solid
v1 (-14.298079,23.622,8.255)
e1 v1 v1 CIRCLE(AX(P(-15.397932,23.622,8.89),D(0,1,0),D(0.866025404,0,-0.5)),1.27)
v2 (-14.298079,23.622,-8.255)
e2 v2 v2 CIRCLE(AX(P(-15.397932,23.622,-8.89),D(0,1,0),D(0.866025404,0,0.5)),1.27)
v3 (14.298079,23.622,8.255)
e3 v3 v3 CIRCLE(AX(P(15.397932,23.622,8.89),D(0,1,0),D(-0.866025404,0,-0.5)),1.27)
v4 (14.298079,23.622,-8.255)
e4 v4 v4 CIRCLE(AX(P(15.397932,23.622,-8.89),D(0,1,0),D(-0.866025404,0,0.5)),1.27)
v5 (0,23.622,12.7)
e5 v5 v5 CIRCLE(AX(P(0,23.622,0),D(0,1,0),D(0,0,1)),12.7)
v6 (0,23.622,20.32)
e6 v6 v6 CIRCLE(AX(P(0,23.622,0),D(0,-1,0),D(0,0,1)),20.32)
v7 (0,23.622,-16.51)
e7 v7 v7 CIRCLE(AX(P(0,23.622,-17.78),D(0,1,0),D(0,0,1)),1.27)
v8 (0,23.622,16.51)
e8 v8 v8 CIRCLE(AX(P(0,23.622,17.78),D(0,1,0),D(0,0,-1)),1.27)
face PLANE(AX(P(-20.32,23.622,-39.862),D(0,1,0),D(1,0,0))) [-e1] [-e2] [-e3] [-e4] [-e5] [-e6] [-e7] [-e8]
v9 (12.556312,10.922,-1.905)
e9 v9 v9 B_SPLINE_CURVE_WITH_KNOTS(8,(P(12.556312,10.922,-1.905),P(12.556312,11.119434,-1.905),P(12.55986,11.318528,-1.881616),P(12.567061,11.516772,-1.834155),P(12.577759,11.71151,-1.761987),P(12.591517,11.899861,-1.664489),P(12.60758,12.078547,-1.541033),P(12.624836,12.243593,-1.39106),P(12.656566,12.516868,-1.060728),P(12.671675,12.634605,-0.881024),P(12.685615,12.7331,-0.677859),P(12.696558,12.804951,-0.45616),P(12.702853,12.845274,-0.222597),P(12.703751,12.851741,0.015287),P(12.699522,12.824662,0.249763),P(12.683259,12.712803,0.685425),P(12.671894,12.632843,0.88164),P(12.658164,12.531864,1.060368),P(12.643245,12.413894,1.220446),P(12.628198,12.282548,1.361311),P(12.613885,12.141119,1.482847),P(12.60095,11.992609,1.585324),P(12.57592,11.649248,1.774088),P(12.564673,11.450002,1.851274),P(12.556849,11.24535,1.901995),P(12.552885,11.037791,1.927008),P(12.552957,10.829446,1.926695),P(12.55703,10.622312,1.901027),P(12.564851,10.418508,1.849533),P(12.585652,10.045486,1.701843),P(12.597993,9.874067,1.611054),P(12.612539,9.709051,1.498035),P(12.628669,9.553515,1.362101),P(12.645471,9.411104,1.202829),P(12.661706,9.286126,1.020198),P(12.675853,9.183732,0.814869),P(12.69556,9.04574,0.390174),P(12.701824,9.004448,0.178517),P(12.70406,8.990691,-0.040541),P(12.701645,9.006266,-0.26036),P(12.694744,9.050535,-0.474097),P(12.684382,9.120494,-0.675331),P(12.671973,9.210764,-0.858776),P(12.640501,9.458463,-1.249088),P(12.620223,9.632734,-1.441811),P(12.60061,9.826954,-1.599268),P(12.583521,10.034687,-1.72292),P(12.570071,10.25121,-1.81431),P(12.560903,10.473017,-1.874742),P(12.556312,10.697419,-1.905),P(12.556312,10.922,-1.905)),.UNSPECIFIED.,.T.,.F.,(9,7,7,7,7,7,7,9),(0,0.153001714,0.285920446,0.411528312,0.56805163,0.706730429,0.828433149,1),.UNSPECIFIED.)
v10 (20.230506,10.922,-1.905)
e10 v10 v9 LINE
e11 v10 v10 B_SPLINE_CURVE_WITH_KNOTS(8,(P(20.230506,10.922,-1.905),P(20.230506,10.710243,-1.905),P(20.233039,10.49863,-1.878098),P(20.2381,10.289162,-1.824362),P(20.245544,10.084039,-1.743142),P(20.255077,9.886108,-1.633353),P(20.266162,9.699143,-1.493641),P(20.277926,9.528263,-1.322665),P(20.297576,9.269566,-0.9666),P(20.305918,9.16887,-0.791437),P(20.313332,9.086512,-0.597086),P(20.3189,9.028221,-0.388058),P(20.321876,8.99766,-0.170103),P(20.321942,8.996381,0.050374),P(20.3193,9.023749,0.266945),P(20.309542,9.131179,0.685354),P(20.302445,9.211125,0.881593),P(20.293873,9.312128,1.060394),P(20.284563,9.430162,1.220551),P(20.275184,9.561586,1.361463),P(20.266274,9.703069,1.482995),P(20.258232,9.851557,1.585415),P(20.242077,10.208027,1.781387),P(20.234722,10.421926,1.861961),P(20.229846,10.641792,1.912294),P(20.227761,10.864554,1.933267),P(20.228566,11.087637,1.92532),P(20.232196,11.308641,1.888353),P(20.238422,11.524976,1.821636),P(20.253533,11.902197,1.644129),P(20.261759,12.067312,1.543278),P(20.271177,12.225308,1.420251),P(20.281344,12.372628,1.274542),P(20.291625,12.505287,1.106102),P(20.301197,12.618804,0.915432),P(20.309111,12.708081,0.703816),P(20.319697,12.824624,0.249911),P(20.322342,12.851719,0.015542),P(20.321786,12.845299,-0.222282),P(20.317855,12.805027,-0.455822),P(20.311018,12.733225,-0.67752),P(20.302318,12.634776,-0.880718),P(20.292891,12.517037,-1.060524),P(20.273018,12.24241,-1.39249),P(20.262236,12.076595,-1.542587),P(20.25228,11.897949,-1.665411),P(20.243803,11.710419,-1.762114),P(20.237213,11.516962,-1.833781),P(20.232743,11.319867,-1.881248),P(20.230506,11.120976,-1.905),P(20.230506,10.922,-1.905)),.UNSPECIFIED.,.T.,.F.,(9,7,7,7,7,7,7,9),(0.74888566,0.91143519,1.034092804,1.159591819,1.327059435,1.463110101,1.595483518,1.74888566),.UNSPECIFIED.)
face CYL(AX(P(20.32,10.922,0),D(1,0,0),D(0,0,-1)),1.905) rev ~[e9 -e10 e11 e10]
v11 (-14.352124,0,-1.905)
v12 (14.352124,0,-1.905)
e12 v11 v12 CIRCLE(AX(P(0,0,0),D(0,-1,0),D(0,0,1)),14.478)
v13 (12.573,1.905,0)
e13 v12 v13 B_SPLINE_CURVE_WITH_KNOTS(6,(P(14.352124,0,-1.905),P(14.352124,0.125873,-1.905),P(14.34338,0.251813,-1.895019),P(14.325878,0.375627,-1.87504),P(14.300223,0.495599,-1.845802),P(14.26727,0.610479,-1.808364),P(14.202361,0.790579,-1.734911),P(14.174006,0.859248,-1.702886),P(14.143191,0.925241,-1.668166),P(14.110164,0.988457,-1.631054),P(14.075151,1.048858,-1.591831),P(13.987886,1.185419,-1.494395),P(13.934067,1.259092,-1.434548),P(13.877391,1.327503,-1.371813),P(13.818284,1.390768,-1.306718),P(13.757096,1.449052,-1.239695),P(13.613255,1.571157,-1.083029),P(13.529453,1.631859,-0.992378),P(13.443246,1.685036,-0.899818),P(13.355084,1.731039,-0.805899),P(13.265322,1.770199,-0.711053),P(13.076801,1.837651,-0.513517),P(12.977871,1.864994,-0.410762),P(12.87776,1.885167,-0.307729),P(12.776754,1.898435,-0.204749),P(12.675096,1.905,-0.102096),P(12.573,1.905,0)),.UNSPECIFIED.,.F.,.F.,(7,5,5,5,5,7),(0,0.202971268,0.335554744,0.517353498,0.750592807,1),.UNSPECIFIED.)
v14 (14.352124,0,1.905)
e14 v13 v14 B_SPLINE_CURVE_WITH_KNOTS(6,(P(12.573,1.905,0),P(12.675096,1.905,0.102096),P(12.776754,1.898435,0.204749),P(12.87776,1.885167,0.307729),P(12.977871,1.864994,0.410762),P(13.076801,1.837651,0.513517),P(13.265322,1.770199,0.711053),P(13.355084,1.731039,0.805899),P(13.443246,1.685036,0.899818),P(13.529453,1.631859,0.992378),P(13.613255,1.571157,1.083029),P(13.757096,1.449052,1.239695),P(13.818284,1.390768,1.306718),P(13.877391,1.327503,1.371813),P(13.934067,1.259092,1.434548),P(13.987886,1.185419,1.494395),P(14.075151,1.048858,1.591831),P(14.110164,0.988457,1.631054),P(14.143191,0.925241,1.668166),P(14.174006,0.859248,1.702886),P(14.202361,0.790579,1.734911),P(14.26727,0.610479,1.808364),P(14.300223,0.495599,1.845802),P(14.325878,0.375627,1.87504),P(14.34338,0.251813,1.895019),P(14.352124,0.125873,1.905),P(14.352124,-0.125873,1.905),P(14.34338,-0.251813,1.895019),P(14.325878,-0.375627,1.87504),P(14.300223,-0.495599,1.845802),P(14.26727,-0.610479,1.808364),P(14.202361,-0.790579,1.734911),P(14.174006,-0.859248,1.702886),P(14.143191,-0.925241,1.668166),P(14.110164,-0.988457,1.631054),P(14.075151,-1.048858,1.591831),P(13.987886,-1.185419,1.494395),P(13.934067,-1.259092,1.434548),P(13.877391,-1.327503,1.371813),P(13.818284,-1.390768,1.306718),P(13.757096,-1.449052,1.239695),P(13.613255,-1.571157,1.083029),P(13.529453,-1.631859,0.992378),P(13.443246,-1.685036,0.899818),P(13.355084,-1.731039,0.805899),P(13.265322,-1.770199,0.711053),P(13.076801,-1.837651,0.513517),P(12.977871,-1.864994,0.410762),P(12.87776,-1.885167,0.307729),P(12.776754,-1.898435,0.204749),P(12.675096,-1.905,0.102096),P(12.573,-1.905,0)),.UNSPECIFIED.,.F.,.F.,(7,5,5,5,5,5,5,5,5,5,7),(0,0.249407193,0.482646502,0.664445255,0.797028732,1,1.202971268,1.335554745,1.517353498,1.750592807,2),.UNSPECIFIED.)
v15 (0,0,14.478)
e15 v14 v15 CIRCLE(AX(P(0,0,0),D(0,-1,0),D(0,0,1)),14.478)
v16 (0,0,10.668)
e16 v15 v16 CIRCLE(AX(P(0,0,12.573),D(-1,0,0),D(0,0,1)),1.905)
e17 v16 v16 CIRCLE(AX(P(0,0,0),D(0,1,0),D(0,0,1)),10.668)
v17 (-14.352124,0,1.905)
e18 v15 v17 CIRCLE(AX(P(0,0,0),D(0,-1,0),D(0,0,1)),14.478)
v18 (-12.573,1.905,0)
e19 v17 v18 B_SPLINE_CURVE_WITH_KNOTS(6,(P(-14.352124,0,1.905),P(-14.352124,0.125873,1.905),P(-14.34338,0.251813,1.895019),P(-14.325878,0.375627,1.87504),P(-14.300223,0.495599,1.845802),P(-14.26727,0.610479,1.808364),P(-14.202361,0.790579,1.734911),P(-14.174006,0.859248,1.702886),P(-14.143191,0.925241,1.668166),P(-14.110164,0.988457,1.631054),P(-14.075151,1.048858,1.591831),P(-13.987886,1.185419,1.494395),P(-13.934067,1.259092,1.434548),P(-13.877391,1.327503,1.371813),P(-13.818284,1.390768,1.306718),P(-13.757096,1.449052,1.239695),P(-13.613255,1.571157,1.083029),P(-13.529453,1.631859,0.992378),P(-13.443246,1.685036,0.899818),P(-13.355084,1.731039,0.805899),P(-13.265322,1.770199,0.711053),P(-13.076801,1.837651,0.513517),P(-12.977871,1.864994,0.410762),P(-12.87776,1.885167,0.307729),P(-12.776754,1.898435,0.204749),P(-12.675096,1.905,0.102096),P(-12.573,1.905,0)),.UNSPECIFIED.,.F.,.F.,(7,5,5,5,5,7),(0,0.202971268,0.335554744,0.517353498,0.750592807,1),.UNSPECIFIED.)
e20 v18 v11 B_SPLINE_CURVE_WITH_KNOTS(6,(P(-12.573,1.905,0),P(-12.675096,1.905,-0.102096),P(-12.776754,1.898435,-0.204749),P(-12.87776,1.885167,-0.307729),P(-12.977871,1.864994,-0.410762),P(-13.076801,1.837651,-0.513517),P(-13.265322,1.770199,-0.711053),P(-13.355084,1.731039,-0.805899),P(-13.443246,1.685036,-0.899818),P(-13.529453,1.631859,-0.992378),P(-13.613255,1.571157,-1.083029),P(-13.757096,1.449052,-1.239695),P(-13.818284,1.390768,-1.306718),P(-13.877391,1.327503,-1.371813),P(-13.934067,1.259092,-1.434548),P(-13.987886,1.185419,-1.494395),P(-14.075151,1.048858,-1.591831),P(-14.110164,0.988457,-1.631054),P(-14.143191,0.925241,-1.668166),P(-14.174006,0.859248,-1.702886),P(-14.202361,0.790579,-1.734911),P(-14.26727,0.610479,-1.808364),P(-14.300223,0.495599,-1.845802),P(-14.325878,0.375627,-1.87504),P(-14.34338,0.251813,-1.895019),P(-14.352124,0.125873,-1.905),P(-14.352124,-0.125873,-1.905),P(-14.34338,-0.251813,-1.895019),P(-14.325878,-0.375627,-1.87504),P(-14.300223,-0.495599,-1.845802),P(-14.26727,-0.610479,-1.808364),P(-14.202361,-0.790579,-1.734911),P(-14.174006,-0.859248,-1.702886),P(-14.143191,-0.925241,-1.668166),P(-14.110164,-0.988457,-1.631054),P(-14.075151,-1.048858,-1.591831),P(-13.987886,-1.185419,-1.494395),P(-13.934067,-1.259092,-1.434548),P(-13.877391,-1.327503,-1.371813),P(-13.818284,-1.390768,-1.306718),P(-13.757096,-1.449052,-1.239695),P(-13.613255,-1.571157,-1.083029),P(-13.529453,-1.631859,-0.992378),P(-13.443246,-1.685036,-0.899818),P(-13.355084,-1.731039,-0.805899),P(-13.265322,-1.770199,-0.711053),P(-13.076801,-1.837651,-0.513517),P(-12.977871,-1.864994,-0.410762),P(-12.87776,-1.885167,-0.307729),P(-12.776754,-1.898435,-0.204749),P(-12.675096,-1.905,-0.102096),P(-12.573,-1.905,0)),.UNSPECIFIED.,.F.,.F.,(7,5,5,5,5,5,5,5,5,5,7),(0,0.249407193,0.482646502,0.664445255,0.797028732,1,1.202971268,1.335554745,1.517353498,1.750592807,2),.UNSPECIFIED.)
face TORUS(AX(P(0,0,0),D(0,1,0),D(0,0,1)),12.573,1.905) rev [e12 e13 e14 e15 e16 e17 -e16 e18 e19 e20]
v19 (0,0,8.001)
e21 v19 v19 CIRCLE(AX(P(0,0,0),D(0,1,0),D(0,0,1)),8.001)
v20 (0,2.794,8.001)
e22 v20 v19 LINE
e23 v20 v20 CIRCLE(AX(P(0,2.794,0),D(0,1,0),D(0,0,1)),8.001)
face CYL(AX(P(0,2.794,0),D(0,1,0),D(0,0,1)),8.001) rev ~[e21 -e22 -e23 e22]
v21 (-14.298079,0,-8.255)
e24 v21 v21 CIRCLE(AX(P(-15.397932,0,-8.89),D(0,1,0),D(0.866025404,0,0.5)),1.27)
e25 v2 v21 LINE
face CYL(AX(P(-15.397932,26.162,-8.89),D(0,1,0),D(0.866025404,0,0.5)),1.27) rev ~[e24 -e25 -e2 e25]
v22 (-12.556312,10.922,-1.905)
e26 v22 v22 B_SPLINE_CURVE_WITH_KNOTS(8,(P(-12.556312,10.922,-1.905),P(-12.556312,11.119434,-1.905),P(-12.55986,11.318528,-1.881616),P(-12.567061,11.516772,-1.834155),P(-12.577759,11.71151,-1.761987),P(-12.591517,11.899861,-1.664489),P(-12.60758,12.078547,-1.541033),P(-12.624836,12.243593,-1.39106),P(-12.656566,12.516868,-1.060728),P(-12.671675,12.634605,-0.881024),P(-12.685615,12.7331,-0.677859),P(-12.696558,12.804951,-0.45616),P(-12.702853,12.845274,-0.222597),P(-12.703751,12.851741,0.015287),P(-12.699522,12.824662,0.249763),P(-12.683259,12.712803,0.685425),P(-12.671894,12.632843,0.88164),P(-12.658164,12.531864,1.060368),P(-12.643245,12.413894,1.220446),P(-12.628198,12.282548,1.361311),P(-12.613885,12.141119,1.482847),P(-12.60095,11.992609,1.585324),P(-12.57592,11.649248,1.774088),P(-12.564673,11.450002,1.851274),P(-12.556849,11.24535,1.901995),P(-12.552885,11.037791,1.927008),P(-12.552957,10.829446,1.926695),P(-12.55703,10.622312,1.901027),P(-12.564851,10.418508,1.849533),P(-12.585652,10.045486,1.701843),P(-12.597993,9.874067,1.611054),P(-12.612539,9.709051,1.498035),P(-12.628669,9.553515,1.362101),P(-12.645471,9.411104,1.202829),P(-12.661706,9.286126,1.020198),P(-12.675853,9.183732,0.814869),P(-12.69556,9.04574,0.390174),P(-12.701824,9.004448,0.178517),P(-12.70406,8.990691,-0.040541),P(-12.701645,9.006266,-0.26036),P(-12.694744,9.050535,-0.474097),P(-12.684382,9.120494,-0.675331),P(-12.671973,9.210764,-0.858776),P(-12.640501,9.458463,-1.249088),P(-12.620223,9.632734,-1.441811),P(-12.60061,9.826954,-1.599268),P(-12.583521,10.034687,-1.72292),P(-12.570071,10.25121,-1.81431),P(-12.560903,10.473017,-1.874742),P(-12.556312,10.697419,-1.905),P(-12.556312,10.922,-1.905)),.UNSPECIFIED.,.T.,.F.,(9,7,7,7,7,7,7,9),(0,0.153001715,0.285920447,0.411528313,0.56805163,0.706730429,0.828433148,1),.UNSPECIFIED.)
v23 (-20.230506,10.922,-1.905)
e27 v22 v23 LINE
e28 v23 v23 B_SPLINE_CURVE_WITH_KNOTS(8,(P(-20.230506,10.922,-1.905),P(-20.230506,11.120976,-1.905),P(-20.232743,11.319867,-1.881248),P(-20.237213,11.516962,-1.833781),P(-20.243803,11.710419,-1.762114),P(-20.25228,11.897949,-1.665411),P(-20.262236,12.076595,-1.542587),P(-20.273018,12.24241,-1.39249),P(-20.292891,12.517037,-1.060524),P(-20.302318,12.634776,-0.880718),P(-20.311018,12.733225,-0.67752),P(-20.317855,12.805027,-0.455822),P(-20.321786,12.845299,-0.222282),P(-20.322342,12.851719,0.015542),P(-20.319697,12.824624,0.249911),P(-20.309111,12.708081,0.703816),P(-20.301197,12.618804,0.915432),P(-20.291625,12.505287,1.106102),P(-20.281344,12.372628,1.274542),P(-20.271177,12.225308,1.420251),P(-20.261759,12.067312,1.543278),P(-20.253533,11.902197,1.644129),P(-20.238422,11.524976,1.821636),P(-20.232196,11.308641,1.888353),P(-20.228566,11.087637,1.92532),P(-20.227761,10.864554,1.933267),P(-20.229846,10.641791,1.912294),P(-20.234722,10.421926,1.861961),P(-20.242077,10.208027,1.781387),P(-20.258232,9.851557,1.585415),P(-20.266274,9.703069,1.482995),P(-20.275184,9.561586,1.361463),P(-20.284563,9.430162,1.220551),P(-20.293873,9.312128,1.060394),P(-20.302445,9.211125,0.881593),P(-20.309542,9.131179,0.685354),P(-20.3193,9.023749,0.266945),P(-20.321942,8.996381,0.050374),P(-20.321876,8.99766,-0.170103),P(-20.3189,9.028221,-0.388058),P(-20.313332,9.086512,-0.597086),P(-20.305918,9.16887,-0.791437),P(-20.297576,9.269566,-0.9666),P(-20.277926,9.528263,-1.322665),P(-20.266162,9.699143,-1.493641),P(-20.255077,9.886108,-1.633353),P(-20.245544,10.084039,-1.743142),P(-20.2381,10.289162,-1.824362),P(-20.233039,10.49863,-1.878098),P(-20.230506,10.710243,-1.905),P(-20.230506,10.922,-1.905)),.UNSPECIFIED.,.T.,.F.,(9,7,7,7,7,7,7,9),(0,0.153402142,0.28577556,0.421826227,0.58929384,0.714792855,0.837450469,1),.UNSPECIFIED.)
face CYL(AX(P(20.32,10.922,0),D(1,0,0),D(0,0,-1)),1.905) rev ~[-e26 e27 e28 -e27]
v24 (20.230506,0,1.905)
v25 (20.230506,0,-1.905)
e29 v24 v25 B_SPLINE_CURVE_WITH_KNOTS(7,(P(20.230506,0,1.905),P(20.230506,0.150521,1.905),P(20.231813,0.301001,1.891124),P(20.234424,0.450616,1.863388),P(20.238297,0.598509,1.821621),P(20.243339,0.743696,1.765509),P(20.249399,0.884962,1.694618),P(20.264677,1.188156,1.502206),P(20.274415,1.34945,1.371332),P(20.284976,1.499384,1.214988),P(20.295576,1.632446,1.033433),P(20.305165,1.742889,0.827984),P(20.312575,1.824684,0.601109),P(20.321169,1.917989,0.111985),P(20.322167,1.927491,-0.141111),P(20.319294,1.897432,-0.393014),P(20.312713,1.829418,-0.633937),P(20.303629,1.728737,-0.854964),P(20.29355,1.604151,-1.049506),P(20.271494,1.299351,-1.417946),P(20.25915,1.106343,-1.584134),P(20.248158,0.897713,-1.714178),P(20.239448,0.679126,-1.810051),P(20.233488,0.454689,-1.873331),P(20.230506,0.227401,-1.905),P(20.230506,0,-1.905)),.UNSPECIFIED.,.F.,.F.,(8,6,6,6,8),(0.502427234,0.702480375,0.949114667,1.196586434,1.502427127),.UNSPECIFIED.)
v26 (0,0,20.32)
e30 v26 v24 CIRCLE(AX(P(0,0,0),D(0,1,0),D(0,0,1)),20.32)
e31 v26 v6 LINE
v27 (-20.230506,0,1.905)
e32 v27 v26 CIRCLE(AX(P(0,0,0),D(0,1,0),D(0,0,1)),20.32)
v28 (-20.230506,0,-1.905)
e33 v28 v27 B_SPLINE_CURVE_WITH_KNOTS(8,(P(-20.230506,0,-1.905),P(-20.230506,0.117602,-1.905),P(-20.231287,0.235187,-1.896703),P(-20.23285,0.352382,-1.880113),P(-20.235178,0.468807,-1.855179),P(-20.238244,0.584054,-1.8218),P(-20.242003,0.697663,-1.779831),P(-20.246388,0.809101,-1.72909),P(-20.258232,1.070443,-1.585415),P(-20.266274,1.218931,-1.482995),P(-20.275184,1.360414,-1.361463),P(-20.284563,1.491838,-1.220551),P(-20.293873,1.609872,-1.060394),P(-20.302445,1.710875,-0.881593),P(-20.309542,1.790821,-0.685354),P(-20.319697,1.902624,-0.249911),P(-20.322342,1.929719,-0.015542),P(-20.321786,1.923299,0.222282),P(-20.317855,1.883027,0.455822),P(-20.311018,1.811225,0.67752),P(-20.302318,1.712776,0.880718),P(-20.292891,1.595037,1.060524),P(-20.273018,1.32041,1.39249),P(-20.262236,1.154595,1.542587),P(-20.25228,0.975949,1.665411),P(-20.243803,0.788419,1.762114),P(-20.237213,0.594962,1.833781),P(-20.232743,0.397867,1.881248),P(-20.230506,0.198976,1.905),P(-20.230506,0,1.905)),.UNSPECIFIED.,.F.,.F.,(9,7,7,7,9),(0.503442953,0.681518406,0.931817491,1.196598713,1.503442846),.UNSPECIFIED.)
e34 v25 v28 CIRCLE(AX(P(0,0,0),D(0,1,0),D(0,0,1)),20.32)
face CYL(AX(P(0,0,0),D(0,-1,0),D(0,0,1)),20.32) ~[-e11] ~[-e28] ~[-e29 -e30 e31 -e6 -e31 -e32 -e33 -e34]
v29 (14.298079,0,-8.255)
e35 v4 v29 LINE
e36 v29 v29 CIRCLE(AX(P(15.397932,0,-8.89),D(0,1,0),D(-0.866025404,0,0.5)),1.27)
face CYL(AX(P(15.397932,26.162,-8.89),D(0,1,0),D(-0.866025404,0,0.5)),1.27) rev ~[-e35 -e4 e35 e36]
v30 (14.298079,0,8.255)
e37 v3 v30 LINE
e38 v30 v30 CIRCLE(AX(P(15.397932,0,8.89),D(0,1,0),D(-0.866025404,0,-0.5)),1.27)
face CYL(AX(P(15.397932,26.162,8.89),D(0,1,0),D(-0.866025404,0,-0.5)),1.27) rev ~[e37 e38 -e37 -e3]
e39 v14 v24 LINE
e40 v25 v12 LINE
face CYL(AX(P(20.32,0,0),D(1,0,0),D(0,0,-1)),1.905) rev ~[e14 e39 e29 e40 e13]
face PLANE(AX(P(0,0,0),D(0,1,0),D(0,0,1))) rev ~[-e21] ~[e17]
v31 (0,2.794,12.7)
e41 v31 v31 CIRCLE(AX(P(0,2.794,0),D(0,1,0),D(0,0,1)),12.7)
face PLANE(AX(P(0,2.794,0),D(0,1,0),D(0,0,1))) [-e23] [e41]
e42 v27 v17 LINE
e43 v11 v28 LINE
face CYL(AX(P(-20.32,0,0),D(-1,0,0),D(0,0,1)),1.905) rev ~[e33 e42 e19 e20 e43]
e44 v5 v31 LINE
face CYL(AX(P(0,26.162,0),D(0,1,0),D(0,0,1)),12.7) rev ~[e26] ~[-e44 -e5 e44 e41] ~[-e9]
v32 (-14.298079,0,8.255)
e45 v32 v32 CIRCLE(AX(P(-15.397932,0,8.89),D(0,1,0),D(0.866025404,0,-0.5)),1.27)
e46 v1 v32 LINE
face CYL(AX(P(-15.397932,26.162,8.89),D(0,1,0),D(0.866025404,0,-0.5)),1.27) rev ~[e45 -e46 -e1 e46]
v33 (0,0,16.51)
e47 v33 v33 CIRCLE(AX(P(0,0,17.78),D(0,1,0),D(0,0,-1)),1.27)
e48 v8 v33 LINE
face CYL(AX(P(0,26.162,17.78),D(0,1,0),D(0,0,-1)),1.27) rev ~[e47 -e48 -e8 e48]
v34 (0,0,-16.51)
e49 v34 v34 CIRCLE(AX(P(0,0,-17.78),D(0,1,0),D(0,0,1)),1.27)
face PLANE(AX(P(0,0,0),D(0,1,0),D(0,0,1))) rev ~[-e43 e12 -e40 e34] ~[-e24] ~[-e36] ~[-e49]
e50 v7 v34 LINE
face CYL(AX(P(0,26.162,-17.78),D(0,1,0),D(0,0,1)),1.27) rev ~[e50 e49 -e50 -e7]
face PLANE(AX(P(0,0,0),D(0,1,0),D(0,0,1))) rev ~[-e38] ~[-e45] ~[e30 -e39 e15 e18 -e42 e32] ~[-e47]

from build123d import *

# Parameters (mm, degrees)
SKETCH1_R                      = 20.32
CYLINDER_DEPTH                 = 26.162
SKETCH18_R                     = 12.7
CUT_EXTRUDE10_DEPTH            = 23.368
SKETCH19_R                     = 1.905
CUT_EXTRUDE12_REACH            = 40.862
SKETCH21_R                     = 1.27
CIRPATTERN4_COUNT              = 6
CUT_EXTRUDE13_REACH            = 39.039
SKETCH22_R                     = 8.001
CUT_EXTRUDE15_REACH            = 54.431
CUT_EXTRUDE15_END_MAJOR_RADIUS = 12.573
CUT_EXTRUDE15_END_MINOR_RADIUS = 1.905
SKETCH25_R                     = 1.905
CIRPATTERN6_COUNT              = 2
SKETCH26_R                     = 1.905
CUT_EXTRUDE16_DEPTH            = 53.430547027
CUT_EXTRUDE17_DEPTH            = 39.862000188
CUT_EXTRUDE17_DEPTH_BACK       = 39.862000188
SKETCH27_W                     = 40.64
SKETCH27_H                     = 2.54


with BuildPart() as part:
    # Sketch1 → Cylinder (new body)
    with BuildSketch(Plane(origin=(0, 0, 0), x_dir=(1, 0, 0), z_dir=(0, 1, 0))):
        with Locations(Location((0, 0, 0), (0, 0, 270))):
            Circle(SKETCH1_R)
    extrude(amount=CYLINDER_DEPTH)

    # Sketch18 → Cut-Extrude10 (cut)
    with BuildSketch(Plane(origin=(0, 26.162, 0), x_dir=(1, 0, 0), z_dir=(0, 1, 0))):
        with Locations(Location((0, 0, 0), (0, 0, 270))):
            Circle(SKETCH18_R)
    extrude(amount=-CUT_EXTRUDE10_DEPTH, mode=Mode.SUBTRACT)

    # Sketch19 → Cut-Revolve7 (revolve, cut)
    with BuildSketch(Plane.XY, mode=Mode.PRIVATE) as cut_revolve7_sk:
        with Locations((12.573, 0)):
            Circle(SKETCH19_R)
    revolve(cut_revolve7_sk.sketch.rotate(Axis((0, 13.335, 0), (0, -1, 0)), 90), axis=Axis((0, 13.335, 0), (0, -1, 0)), mode=Mode.SUBTRACT)

    # Sketch21 → Cut-Extrude12 (cut, up to next)
    with BuildSketch(Plane(origin=(0, 26.162, 0), x_dir=(1, 0, 0), z_dir=(0, 1, 0)), mode=Mode.PRIVATE) as cut_extrude12_sk1:
        with Locations(Location((0, 17.78, 0), (0, 0, 270))):
            Circle(SKETCH21_R)
    cut_extrude12_tool1 = extrude(cut_extrude12_sk1.sketch, amount=-CUT_EXTRUDE12_REACH, mode=Mode.PRIVATE) & part.part
    cut_extrude12 = cut_extrude12_tool1.solids().sort_by_distance((0, 26.162, -17.78))[0]
    add(cut_extrude12, mode=Mode.SUBTRACT)

    # CirPattern4: Cut-Extrude12 ×6 about axis
    cirpattern4_axis = Axis((0, 0, 0), (0, 1, 0))
    for i in range(1, CIRPATTERN4_COUNT):
        add(cut_extrude12.rotate(cirpattern4_axis, i * 360 / CIRPATTERN4_COUNT), mode=Mode.SUBTRACT)

    # Sketch22 → Cut-Extrude13 (cut, up to next)
    with BuildSketch(Plane(origin=(0, 2.794, 0), x_dir=(1, 0, 0), z_dir=(0, 1, 0)), mode=Mode.PRIVATE) as cut_extrude13_sk1:
        with Locations(Location((0, 0, 0), (0, 0, 270))):
            Circle(SKETCH22_R)
    cut_extrude13_tool1 = extrude(cut_extrude13_sk1.sketch, amount=-CUT_EXTRUDE13_REACH, mode=Mode.PRIVATE) & part.part
    add(cut_extrude13_tool1.solids().sort_by_distance((0, 2.794, 0))[0], mode=Mode.SUBTRACT)

    # Cut-Extrude15: up to this torus (the profile starts outside it)
    cut_extrude15_end = Plane(origin=(0, 0, 0), z_dir=(0, 1, 0)) * Torus(CUT_EXTRUDE15_END_MAJOR_RADIUS, CUT_EXTRUDE15_END_MINOR_RADIUS, mode=Mode.PRIVATE)
    # Sketch25 → Cut-Extrude15 (cut, up to the surface)
    with BuildSketch(Plane(origin=(20.32, 0, 0), x_dir=(0, 0, -1), z_dir=(1, 0, 0)), mode=Mode.PRIVATE) as cut_extrude15_sk1:
        Circle(SKETCH25_R)
    cut_extrude15_tool1 = extrude(cut_extrude15_sk1.sketch, amount=-CUT_EXTRUDE15_REACH, mode=Mode.PRIVATE) - cut_extrude15_end
    cut_extrude15 = cut_extrude15_tool1.solids().sort_by_distance((20.32, 0, 0))[0]
    add(cut_extrude15, mode=Mode.SUBTRACT)

    # CirPattern6: Cut-Extrude15 ×2 about axis
    cirpattern6_axis = Axis((0, 13.335, 0), (0, -1, 0))
    for i in range(1, CIRPATTERN6_COUNT):
        add(cut_extrude15.rotate(cirpattern6_axis, i * 360 / CIRPATTERN6_COUNT), mode=Mode.SUBTRACT)

    # Sketch26 → Cut-Extrude16 (cut, through all)
    with BuildSketch(Plane(origin=(20.32, 0, 0), x_dir=(0, 0, -1), z_dir=(1, 0, 0))):
        with Locations((0, 10.922)):
            Circle(SKETCH26_R)
    extrude(amount=-CUT_EXTRUDE16_DEPTH, mode=Mode.SUBTRACT)

    # Sketch27 → Cut-Extrude17 (cut, two sides: drawn at the far end of the back side and taken through both)
    with BuildSketch(Plane.XY.offset(-CUT_EXTRUDE17_DEPTH_BACK)):
        with Locations((0, 24.892)):
            Rectangle(SKETCH27_W, SKETCH27_H)
    extrude(amount=CUT_EXTRUDE17_DEPTH + CUT_EXTRUDE17_DEPTH_BACK, mode=Mode.SUBTRACT)


solid = part.part
